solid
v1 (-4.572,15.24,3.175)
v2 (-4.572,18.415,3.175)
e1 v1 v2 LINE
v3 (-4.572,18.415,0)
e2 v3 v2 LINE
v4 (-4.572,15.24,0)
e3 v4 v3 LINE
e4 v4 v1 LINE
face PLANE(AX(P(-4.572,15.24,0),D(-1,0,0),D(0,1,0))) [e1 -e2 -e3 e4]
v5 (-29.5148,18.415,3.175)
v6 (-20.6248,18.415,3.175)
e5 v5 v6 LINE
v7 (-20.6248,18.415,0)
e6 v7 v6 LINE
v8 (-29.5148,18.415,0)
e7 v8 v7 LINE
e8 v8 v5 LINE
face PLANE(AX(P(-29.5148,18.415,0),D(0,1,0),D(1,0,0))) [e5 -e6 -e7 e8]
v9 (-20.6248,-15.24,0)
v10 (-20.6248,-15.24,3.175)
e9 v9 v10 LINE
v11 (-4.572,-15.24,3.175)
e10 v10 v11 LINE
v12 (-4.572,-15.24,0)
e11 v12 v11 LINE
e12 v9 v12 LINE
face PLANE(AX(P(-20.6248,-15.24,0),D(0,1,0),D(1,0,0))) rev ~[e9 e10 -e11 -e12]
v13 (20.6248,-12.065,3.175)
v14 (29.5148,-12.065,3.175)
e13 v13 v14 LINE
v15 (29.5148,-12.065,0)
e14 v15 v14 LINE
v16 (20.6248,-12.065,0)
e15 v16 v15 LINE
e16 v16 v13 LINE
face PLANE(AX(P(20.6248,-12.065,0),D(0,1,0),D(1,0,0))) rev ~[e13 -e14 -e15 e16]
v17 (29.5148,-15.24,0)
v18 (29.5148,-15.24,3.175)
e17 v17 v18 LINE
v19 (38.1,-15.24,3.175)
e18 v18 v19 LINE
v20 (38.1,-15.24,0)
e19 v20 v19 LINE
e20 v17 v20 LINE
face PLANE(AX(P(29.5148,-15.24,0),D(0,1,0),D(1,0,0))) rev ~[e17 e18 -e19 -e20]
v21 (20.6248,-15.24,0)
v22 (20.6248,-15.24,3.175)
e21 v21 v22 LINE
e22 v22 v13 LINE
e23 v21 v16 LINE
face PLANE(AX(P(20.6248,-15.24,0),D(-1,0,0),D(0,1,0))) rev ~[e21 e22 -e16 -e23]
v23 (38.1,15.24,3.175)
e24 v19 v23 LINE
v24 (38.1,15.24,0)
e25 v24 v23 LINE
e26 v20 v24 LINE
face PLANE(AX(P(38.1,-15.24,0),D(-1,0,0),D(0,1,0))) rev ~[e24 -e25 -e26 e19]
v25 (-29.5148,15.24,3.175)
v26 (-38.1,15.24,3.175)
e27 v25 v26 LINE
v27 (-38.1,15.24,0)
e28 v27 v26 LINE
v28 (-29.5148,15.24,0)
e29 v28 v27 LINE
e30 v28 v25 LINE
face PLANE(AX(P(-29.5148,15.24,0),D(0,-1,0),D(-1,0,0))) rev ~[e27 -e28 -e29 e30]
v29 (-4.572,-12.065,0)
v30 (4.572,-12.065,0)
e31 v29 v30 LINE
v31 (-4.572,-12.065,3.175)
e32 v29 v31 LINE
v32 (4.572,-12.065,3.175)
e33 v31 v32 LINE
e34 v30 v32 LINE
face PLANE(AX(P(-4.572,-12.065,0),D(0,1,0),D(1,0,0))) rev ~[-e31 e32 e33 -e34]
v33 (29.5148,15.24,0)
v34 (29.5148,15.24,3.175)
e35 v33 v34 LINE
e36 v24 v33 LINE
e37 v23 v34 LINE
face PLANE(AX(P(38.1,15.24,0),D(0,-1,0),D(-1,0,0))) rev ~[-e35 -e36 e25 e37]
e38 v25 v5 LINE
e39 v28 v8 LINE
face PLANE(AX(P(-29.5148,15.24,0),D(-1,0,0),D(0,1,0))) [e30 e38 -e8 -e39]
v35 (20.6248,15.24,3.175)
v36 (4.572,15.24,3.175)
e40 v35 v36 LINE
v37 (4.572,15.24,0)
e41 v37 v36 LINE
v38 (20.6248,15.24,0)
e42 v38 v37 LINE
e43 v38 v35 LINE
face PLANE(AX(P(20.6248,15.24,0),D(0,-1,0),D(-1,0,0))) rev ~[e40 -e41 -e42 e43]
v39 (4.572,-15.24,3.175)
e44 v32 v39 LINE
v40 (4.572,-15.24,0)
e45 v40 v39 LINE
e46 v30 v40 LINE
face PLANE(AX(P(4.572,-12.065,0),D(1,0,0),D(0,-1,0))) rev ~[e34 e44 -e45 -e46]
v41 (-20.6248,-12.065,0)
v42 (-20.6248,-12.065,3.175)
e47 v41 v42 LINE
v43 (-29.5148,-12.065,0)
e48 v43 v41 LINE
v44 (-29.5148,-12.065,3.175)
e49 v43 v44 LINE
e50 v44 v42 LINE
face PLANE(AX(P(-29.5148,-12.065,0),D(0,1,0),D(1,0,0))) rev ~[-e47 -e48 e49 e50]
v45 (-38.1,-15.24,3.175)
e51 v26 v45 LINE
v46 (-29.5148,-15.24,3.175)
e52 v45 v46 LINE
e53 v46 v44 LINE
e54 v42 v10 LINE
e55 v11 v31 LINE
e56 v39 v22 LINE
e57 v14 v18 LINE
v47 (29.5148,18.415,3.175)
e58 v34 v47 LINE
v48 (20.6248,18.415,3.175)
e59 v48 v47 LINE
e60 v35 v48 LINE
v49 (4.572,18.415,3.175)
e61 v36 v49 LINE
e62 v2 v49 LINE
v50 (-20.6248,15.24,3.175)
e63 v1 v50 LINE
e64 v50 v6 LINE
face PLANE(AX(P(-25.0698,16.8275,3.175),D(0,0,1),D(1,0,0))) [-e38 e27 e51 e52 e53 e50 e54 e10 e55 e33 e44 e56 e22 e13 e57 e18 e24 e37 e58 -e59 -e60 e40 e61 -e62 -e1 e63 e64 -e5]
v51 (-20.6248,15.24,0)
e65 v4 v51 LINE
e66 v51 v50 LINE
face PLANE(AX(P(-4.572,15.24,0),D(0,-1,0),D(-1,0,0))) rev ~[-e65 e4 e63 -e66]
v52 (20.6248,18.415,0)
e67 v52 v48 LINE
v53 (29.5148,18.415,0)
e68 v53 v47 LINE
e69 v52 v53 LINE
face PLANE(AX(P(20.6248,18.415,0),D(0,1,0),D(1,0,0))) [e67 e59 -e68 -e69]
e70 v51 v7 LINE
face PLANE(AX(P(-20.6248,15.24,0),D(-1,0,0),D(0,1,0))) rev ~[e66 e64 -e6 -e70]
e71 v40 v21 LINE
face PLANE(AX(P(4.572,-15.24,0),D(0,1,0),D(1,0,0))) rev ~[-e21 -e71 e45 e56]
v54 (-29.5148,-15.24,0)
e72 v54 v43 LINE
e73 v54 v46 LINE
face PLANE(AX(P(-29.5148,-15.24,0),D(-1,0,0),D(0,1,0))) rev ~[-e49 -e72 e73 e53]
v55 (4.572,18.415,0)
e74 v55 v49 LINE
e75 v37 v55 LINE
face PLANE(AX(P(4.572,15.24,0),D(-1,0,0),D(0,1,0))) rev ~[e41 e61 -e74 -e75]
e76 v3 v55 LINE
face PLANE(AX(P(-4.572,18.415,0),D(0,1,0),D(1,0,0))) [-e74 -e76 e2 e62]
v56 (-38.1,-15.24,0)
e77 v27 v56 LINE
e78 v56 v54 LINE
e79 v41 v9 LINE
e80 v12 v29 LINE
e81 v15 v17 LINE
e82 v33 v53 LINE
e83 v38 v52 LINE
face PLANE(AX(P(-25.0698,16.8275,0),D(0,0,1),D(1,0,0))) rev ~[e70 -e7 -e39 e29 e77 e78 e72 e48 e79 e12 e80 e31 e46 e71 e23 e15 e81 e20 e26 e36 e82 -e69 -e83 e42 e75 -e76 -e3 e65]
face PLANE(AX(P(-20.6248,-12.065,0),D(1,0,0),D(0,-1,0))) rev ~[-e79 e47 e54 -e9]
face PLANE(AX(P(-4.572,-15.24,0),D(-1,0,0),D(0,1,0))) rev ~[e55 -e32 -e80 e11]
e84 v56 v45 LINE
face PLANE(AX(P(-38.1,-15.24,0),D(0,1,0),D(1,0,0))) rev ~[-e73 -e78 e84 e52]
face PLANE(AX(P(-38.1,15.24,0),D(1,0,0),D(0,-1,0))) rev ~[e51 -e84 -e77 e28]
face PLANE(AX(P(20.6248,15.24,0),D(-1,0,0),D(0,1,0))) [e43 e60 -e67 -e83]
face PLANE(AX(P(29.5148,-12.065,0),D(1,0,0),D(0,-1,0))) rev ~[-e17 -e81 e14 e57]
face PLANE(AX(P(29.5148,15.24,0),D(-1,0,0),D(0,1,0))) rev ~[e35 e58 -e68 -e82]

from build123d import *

# Parameters (mm, degrees)
F0_W     = 8.89
F0_H     = 3.175
F0_W_2   = 9.144
F1_DEPTH = 3.175


with BuildPart() as f1:
    # F0 (on Top) → F1 (new body)
    with BuildSketch(Plane.XY):
        with Locations((-25.0698, 16.8275)):
            Rectangle(F0_W, F0_H)
        Polygon((-29.5148, 15.24), (-38.1, 15.24), (-38.1, -15.24), (-29.5148, -15.24), (-29.5148, -12.065), (-20.6248, -12.065), (-20.6248, -15.24), (-4.572, -15.24), (-4.572, -12.065), (4.572, -12.065), (4.572, -15.24), (20.6248, -15.24), (20.6248, -12.065), (29.5148, -12.065), (29.5148, -15.24), (38.1, -15.24), (38.1, 15.24), (29.5148, 15.24), (20.6248, 15.24), (4.572, 15.24), (-4.572, 15.24), (-20.6248, 15.24), align=None)
        with Locations((0, 16.8275)):
            Rectangle(F0_W_2, F0_H)
        with Locations((25.0698, 16.8275)):
            Rectangle(F0_W, F0_H)
    extrude(amount=F1_DEPTH)


solid = f1.part
